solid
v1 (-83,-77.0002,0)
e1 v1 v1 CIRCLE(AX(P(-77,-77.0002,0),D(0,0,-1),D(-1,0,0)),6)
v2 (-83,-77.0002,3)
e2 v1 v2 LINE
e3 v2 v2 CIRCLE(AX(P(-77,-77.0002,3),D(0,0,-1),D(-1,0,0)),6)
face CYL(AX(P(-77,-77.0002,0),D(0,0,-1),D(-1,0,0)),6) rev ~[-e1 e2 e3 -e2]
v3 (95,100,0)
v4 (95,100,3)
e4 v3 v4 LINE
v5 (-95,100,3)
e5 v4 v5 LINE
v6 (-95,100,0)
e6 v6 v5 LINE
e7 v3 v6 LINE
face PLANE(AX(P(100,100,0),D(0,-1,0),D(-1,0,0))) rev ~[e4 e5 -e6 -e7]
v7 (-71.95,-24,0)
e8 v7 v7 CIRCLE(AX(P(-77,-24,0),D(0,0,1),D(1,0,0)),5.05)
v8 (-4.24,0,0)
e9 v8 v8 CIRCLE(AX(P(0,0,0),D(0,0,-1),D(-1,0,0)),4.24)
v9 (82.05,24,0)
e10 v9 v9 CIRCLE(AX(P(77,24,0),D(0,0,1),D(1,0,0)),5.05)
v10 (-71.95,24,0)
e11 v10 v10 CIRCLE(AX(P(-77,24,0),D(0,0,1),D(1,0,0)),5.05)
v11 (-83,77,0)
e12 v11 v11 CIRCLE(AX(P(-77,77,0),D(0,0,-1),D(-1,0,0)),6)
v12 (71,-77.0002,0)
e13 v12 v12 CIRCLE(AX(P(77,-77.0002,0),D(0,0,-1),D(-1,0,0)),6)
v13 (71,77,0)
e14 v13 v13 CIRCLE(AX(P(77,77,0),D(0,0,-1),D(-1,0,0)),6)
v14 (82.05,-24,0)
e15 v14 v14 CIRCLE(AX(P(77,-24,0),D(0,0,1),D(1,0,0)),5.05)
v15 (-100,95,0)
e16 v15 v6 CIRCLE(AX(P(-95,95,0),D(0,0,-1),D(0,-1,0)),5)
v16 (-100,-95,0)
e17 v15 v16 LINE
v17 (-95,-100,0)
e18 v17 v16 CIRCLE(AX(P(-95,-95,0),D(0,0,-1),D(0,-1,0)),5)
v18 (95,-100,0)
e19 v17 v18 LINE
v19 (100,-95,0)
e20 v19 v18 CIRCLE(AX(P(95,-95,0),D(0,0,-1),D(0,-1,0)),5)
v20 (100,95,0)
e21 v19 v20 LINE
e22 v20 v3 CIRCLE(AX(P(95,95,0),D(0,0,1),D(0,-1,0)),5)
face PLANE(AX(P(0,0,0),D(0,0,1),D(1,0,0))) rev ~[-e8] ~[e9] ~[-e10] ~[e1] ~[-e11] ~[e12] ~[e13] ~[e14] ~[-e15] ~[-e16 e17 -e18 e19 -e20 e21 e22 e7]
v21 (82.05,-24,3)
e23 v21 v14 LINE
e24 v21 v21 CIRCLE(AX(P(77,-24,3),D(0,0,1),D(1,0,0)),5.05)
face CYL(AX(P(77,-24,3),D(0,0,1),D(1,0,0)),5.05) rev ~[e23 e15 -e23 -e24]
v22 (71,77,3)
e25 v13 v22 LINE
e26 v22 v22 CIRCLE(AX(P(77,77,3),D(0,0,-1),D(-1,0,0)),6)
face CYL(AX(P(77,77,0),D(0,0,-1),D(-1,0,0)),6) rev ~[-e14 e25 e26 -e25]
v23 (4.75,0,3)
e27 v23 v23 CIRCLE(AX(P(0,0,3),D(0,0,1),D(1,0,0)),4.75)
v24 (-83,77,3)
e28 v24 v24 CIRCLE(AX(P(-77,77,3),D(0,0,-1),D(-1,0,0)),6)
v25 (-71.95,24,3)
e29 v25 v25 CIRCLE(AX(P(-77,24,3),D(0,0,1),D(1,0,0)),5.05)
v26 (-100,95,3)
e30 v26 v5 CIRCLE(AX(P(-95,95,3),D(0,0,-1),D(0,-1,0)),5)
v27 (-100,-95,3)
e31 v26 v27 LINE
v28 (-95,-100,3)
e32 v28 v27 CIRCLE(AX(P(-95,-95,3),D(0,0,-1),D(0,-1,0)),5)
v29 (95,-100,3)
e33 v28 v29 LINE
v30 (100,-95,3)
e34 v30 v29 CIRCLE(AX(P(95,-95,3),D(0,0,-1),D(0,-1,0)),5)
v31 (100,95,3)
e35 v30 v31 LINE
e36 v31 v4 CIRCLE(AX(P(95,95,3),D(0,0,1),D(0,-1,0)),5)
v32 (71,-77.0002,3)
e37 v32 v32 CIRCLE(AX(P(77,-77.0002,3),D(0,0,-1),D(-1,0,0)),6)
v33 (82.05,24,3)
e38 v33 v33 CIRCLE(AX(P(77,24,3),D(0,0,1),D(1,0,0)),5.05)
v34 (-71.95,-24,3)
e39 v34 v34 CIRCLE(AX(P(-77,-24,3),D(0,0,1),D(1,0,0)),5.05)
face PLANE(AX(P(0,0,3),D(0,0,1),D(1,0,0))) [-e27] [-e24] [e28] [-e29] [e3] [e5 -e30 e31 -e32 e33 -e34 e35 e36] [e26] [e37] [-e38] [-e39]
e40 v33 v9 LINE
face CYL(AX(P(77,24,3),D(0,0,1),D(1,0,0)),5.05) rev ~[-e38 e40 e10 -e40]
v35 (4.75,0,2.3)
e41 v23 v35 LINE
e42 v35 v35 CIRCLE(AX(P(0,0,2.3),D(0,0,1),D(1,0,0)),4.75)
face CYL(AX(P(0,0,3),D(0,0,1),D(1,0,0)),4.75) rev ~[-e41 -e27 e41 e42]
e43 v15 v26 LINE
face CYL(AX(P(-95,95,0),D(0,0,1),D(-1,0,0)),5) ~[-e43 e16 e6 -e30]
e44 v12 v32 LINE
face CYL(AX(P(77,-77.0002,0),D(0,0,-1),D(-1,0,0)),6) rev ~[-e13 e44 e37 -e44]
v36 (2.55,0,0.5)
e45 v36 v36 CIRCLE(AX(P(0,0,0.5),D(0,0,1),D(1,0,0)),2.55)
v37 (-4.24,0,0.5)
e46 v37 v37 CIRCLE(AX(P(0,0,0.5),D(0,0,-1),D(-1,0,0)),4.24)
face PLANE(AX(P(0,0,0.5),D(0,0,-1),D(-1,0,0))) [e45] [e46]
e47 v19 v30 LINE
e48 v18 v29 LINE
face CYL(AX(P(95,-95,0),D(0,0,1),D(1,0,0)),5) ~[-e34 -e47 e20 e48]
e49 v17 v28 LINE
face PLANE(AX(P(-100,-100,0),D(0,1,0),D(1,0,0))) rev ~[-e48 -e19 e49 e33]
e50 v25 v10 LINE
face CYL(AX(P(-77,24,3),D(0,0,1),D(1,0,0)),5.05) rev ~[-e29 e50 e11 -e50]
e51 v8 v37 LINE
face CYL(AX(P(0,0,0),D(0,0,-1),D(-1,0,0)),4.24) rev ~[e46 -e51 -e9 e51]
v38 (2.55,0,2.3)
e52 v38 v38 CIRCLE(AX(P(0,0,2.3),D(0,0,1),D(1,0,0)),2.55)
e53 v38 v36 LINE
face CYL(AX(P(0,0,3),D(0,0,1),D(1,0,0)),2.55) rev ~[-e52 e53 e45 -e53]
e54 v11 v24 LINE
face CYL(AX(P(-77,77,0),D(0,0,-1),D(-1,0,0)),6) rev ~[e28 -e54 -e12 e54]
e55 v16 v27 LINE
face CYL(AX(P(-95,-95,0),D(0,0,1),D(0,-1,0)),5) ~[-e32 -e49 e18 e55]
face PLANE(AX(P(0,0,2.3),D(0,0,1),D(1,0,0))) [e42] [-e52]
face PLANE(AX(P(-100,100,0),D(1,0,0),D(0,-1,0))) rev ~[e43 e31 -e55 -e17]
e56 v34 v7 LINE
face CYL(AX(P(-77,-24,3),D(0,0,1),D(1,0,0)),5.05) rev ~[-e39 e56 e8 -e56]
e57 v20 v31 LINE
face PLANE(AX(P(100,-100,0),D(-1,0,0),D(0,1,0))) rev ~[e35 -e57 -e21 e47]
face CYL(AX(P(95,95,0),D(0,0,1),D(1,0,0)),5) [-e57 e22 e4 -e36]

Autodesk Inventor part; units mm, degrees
ref_plane "YZ Plane" through (0, 0, 0) normal (1, 0, 0) x (0, 1, 0)
ref_plane "XZ Plane" through (0, 0, 0) normal (0, 1, 0) x (-1, 0, 0)
ref_plane "XY Plane" through (0, 0, 0) normal (0, 0, 1) x (1, 0, 0)
sketch "Sketch1" plane through (0, 0, 0) normal (0, 0, 1) x (1, 0, 0)
  line L0 (100, 100) -> (-100, 100)
  line L1 (-100, 100) -> (-100, -100)
  line L2 (-100, -100) -> (100, -100)
  line L3 (100, -100) -> (100, 100)
  line L4 (100, 100) -> (-100, -100) construction
  line L5 (-100, 100) -> (100, -100) construction
  point P0 (0, 0)
  dimension "d0" = 200
  dimension "d1" = 200
extrude "Extrusion1" add sketch "Sketch1" along normal blind 3
fillet "Fillet1" radius 5 4 edges at (100, 100, 1.5) (-100, 100, 1.5) (100, -100, 1.5) (-100, -100, 1.5)
sketch "Sketch2" plane through (0, 0, 3) normal (0, 0, 1) x (1, 0, 0)
  circle A0 centre (0, 0) radius 2.55
  dimension "d5" = 5.1
extrude "Extrusion2" cut sketch "Sketch2" against normal blind 10
sketch "Sketch3" plane through (0, 0, 3) normal (0, 0, 1) x (1, 0, 0)
  circle A0 centre (0, 0) radius 4.75
  dimension "d10" = 9.5
extrude "Extrusion3" cut sketch "Sketch3" against normal blind 0.7
sketch "Sketch4" plane through (0, 0, 0) normal (0, 0, -1) x (-1, 0, 0)
  point P0 (0, 0)
sketch "Sketch5" plane through (0, 0, 0) normal (0, 0, -1) x (-1, 0, 0)
  point P0 (0, 0)
sketch "Sketch6" plane through (0, 0, 0) normal (0, 0, -1) x (-1, 0, 0)
  circle A0 centre (-77, 77) radius 6
  line L0 (-93.7439, 99.9999) -> (-93.7439, -0.0001)
  line L1 (-93.7439, -0.0001) -> (78.7368, -0.0001)
  circle A1 centre (-77, -77.0002) radius 6
  line L2 (95, -100) -> (-95, -100) projected
  line L3 (0, -100) -> (0, 48.6306)
  circle A2 centre (77, 77) radius 6
  circle A3 centre (77, -77.0002) radius 6
  line L4 (-95, 100) -> (95, 100) projected
  line L5 (-100, -95) -> (-100, 95) projected
  point P0 (0, 0)
  point P1 (-93.7439, 89.8675)
  point P2 (-93.7439, 85.1564)
  dimension "d11" = 12
  dimension "d13" = 100
  dimension "d22" = 23
  dimension "d23" = 23
extrude "Extrusion4" cut sketch "Sketch6" against normal blind 10
sketch "Sketch8" plane through (0, 0, 0) normal (0, 0, -1) x (-1, 0, 0)
  circle A0 centre (0, 0) radius 4.24
  dimension "d19" = 8.48
extrude "Extrusion6" cut sketch "Sketch8" against normal blind 0.5
ref_plane "Work Plane1" through (0, 0, 1.5) normal (0, 0, -1) x (-1, 0, 0)
ref_plane "Work Plane2" through (0.0302, -1.2496, -9.3454) normal (0, 0, -1) x (0.0242, -0.9997, 0)
sketch "Sketch9" plane through (0, 0, 3) normal (0, 0, 1) x (1, 0, 0)
  line L0 (-100, -40) -> (100, -40)
  line L1 (100, -40) -> (100, 40)
  line L2 (100, 40) -> (-100, 40)
  line L3 (-100, 40) -> (-100, -40)
  circle A0 centre (0, 0) radius 2.55 projected
  line L4 (-100, -40) -> (100, 40) construction
  line L5 (100, -40) -> (-100, 40) construction
  circle A1 centre (-77, 24) radius 5.05
  line L6 (0, 0) -> (0, 19)
  line L7 (0, 0) -> (22.4044, 0)
  circle A2 centre (77, 24) radius 5.05
  circle A3 centre (-77, -24) radius 5.05
  circle A4 centre (77, -24) radius 5.05
  dimension "d24" = 200
  dimension "d25" = 80
  dimension "d26" = 10.1
  dimension "d27" = 23
  dimension "d28" = 16
extrude "Extrusion7" cut sketch "Sketch9" against normal blind 10 contours A1 | A2 | A3 | A4
properties part number "Base" material "Aluminum 6061"
